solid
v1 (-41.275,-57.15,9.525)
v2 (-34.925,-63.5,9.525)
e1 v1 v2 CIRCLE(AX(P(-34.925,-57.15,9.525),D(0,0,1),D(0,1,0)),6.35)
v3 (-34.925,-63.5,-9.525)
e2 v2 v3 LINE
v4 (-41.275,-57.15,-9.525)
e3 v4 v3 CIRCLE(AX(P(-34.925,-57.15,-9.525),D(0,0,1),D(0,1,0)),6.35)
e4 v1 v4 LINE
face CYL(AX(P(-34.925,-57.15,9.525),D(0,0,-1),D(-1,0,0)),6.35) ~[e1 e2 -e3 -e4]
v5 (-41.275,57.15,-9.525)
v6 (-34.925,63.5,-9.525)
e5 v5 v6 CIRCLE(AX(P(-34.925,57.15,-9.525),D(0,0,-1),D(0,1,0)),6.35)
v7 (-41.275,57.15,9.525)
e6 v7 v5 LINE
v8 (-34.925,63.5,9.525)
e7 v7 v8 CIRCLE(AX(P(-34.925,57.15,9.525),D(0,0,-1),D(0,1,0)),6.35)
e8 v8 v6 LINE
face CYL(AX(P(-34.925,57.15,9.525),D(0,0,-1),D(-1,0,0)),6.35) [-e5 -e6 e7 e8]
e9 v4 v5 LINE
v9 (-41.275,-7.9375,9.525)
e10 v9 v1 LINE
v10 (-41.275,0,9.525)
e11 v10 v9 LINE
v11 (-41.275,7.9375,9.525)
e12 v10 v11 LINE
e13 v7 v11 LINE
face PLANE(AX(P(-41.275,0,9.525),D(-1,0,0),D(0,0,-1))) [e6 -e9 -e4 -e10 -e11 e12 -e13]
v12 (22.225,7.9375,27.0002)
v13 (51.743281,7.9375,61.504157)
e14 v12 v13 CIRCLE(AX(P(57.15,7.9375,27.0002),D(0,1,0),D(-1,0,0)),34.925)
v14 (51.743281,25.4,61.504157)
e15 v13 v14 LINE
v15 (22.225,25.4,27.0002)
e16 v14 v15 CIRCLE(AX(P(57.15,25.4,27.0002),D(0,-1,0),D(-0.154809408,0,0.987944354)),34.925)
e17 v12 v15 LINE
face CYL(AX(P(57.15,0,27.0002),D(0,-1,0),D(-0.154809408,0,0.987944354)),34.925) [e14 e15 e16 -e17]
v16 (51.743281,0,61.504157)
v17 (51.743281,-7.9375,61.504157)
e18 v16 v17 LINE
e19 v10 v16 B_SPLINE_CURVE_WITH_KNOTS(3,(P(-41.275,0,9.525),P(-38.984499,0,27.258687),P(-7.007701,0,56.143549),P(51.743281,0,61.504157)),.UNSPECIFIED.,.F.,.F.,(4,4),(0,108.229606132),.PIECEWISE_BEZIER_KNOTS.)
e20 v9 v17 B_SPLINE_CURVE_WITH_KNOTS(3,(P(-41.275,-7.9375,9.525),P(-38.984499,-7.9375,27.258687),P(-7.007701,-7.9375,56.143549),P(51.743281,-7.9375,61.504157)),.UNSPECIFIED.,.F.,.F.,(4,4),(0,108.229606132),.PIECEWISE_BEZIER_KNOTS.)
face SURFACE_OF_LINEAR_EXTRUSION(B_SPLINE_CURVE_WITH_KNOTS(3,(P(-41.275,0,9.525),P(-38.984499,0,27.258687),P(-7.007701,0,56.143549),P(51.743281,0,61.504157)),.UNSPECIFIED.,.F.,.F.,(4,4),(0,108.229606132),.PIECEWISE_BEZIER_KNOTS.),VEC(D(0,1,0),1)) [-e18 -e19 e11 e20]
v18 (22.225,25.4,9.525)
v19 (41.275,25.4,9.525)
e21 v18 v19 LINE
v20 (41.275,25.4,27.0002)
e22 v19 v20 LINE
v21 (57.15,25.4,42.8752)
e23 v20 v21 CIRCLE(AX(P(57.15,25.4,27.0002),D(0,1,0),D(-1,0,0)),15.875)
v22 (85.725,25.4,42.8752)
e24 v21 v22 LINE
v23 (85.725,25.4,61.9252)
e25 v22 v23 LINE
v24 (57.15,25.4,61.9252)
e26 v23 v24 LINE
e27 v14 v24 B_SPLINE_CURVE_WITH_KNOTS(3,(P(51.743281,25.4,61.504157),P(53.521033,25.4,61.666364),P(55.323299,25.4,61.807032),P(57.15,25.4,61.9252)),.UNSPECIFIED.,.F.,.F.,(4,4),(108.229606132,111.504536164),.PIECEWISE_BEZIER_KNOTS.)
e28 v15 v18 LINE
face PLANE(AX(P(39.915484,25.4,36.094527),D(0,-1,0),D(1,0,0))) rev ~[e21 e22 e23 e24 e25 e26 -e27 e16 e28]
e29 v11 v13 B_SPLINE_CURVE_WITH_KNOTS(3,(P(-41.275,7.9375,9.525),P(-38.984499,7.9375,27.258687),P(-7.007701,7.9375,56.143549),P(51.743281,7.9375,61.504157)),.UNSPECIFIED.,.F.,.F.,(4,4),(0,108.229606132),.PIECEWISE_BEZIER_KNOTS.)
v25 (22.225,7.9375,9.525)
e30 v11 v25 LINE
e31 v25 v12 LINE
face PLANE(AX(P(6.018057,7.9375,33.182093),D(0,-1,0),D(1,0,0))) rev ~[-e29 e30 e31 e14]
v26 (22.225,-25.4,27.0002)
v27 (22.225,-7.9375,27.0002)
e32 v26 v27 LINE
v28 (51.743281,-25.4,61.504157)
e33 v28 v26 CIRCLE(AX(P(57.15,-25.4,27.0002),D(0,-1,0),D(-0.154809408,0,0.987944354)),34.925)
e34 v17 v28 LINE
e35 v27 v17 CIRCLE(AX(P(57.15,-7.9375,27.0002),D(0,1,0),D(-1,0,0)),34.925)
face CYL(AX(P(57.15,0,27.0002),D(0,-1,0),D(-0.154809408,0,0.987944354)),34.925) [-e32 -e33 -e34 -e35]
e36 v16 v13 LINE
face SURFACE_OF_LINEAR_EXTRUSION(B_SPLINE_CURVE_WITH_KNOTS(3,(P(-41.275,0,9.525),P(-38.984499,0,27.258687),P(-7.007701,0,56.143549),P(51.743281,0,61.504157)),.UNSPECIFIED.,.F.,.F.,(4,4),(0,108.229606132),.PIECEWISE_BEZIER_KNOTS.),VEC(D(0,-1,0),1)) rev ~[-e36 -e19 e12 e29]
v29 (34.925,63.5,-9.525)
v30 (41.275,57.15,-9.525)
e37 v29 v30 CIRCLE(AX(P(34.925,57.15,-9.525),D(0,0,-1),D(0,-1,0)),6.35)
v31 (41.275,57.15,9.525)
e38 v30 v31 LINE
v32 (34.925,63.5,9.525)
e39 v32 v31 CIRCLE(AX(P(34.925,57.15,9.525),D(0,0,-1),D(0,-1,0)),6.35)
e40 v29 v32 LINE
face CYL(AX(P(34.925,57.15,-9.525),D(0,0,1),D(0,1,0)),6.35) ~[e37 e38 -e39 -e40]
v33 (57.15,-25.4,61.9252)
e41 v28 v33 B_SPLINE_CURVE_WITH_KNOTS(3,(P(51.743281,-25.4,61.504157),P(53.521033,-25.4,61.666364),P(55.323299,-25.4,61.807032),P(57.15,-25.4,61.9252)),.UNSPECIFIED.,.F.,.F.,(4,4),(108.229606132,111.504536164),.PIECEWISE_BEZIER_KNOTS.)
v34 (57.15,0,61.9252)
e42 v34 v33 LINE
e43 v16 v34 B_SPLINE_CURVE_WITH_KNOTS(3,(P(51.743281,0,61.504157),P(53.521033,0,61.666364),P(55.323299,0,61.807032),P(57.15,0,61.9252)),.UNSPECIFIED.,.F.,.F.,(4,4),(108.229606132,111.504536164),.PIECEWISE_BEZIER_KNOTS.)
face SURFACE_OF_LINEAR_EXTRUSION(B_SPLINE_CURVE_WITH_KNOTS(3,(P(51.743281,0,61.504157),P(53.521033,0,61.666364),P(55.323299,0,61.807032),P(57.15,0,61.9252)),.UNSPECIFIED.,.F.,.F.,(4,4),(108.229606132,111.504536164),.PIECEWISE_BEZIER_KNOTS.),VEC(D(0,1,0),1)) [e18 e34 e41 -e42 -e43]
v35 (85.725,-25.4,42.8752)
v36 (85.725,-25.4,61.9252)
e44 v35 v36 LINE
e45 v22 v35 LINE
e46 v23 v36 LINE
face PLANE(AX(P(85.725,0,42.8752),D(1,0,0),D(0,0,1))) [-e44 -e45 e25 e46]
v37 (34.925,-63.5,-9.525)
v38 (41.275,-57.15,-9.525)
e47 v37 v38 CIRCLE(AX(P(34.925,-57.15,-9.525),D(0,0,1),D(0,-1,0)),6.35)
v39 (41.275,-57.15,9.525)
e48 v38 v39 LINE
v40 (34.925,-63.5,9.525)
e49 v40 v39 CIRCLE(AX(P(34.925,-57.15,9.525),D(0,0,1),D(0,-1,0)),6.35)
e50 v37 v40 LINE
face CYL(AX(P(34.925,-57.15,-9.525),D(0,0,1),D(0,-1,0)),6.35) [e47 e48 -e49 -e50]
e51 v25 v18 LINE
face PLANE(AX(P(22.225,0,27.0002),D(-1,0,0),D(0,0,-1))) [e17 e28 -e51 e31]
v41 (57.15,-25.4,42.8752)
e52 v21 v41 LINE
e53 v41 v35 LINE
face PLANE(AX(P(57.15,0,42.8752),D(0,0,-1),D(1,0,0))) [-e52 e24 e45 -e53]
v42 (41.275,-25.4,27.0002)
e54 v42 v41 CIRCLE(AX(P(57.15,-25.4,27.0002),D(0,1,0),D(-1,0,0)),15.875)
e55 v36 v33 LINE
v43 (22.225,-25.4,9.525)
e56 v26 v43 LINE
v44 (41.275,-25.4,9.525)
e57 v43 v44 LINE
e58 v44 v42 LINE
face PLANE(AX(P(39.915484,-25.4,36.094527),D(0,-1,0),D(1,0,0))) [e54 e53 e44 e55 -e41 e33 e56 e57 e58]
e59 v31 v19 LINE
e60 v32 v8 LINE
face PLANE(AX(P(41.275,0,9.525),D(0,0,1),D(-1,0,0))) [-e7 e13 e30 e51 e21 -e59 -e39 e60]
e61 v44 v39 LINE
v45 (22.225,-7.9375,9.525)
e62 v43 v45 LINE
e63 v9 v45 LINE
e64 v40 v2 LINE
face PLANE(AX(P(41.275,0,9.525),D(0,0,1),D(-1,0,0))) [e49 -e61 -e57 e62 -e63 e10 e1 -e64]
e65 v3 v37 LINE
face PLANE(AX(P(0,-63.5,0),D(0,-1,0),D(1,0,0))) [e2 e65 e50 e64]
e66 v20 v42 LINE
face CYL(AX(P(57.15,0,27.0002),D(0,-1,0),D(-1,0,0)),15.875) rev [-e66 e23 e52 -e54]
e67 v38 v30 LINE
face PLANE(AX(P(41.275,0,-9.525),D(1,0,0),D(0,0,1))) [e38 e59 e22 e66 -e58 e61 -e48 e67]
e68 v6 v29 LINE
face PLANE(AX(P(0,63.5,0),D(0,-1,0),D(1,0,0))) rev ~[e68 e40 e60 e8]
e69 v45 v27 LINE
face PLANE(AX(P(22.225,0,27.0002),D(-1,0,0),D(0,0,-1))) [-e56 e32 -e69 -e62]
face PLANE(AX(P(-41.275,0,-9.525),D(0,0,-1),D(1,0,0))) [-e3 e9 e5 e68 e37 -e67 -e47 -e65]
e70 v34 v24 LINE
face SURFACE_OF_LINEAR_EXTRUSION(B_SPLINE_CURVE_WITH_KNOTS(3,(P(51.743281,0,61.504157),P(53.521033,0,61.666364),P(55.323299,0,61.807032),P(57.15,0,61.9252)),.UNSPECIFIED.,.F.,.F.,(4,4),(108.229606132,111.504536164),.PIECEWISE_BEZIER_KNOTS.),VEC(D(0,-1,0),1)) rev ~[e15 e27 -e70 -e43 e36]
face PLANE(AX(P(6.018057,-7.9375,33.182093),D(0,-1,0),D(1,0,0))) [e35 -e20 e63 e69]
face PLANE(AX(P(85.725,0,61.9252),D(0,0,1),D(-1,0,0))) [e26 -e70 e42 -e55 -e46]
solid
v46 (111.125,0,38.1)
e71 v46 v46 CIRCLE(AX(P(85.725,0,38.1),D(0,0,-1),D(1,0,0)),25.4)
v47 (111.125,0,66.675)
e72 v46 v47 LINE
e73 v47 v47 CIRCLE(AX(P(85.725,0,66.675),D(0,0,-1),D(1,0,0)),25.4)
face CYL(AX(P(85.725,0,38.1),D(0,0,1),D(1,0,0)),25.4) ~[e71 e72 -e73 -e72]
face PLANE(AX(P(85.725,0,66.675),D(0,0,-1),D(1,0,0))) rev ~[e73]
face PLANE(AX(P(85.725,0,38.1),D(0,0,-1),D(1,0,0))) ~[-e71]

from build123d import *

# Parameters (mm, degrees)
F1_DEPTH = 63.5
F0_W     = 25.4
F0_H     = 19.05
F2_DEPTH = 25.4
F3_DEPTH = 7.9375
F5_R     = 6.35


with BuildPart() as f1:
    # F0 (on Front) → F1 (new body, symmetric)
    with BuildSketch(Plane.XZ):
        Polygon((41.275, -9.525), (41.275, 9.525), (22.225, 9.525), (-41.275, 9.525), (-41.275, -9.525), align=None)
    extrude(amount=F1_DEPTH, both=True)

    # F0 (on Front) → F2 (join, symmetric)
    with BuildSketch(Plane.XZ):
        with BuildLine():
            Line((22.225, 9.525), (41.275, 9.525))
            Line((41.275, 9.525), (41.275, 27.0002))
            ThreePointArc((41.275, 27.0002), (45.9246798487, 38.2255201513), (57.15, 42.8752))
            Line((57.15, 42.8752), (60.325, 42.8752))
            Line((60.325, 42.8752), (60.325, 61.9252))
            Line((60.325, 61.9252), (57.15, 61.9252))
            add(Edge.make_bspline(
                [(51.7432814428, 61.5041565767), (53.5210330671, 61.6663637287), (55.3232994802, 61.8070317712), (57.15, 61.9252)],
                knots=[108.2296061322, 108.2296061322, 108.2296061322, 108.2296061322, 111.5045361635, 111.5045361635, 111.5045361635, 111.5045361635], degree=3))
            ThreePointArc((51.7432814428, 61.5041565767), (30.6114876961, 49.704010026), (22.225, 27.0002))
            Line((22.225, 27.0002), (22.225, 9.525))
        make_face()
        with Locations((73.025, 52.4002)):
            Rectangle(F0_W, F0_H)
    extrude(amount=F2_DEPTH, both=True)

    # F0 (on Front) → F3 (join, symmetric)
    with BuildSketch(Plane.XZ):
        with BuildLine():
            Line((-41.275, 9.525), (22.225, 9.525))
            Line((22.225, 9.525), (22.225, 27.0002))
            ThreePointArc((22.225, 27.0002), (30.6114876961, 49.704010026), (51.7432814428, 61.5041565767))
            add(Edge.make_bspline(
                [(-41.275, 9.525), (-38.9844993253, 27.2586870985), (-7.0077014052, 56.1435485602), (51.7432814428, 61.5041565767)],
                knots=[0, 0, 0, 0, 108.2296061322, 108.2296061322, 108.2296061322, 108.2296061322], degree=3))
        make_face()
    extrude(amount=F3_DEPTH, both=True)

    # F5
    f5_edges = [f1.edges().sort_by_distance(p)[0] for p in [
        (41.275, -63.5, 0),
        (-41.275, -63.5, 0),
        (41.275, 63.5, 0),
        (-41.275, 63.5, 0),
    ]]
    fillet(f5_edges, radius=F5_R)


with BuildPart() as f4:
    # F0 (on Front) → F4 (revolve)
    with BuildSketch(Plane.XZ):
        Polygon((85.725, 61.9252), (85.725, 42.8752), (85.725, 38.1), (111.125, 38.1), (111.125, 66.675), (85.725, 66.675), align=None)
    revolve(axis=Axis((85.725, 0, 52.3875), (0, 0, -1)))


solid = Compound([f1.part, f4.part])
